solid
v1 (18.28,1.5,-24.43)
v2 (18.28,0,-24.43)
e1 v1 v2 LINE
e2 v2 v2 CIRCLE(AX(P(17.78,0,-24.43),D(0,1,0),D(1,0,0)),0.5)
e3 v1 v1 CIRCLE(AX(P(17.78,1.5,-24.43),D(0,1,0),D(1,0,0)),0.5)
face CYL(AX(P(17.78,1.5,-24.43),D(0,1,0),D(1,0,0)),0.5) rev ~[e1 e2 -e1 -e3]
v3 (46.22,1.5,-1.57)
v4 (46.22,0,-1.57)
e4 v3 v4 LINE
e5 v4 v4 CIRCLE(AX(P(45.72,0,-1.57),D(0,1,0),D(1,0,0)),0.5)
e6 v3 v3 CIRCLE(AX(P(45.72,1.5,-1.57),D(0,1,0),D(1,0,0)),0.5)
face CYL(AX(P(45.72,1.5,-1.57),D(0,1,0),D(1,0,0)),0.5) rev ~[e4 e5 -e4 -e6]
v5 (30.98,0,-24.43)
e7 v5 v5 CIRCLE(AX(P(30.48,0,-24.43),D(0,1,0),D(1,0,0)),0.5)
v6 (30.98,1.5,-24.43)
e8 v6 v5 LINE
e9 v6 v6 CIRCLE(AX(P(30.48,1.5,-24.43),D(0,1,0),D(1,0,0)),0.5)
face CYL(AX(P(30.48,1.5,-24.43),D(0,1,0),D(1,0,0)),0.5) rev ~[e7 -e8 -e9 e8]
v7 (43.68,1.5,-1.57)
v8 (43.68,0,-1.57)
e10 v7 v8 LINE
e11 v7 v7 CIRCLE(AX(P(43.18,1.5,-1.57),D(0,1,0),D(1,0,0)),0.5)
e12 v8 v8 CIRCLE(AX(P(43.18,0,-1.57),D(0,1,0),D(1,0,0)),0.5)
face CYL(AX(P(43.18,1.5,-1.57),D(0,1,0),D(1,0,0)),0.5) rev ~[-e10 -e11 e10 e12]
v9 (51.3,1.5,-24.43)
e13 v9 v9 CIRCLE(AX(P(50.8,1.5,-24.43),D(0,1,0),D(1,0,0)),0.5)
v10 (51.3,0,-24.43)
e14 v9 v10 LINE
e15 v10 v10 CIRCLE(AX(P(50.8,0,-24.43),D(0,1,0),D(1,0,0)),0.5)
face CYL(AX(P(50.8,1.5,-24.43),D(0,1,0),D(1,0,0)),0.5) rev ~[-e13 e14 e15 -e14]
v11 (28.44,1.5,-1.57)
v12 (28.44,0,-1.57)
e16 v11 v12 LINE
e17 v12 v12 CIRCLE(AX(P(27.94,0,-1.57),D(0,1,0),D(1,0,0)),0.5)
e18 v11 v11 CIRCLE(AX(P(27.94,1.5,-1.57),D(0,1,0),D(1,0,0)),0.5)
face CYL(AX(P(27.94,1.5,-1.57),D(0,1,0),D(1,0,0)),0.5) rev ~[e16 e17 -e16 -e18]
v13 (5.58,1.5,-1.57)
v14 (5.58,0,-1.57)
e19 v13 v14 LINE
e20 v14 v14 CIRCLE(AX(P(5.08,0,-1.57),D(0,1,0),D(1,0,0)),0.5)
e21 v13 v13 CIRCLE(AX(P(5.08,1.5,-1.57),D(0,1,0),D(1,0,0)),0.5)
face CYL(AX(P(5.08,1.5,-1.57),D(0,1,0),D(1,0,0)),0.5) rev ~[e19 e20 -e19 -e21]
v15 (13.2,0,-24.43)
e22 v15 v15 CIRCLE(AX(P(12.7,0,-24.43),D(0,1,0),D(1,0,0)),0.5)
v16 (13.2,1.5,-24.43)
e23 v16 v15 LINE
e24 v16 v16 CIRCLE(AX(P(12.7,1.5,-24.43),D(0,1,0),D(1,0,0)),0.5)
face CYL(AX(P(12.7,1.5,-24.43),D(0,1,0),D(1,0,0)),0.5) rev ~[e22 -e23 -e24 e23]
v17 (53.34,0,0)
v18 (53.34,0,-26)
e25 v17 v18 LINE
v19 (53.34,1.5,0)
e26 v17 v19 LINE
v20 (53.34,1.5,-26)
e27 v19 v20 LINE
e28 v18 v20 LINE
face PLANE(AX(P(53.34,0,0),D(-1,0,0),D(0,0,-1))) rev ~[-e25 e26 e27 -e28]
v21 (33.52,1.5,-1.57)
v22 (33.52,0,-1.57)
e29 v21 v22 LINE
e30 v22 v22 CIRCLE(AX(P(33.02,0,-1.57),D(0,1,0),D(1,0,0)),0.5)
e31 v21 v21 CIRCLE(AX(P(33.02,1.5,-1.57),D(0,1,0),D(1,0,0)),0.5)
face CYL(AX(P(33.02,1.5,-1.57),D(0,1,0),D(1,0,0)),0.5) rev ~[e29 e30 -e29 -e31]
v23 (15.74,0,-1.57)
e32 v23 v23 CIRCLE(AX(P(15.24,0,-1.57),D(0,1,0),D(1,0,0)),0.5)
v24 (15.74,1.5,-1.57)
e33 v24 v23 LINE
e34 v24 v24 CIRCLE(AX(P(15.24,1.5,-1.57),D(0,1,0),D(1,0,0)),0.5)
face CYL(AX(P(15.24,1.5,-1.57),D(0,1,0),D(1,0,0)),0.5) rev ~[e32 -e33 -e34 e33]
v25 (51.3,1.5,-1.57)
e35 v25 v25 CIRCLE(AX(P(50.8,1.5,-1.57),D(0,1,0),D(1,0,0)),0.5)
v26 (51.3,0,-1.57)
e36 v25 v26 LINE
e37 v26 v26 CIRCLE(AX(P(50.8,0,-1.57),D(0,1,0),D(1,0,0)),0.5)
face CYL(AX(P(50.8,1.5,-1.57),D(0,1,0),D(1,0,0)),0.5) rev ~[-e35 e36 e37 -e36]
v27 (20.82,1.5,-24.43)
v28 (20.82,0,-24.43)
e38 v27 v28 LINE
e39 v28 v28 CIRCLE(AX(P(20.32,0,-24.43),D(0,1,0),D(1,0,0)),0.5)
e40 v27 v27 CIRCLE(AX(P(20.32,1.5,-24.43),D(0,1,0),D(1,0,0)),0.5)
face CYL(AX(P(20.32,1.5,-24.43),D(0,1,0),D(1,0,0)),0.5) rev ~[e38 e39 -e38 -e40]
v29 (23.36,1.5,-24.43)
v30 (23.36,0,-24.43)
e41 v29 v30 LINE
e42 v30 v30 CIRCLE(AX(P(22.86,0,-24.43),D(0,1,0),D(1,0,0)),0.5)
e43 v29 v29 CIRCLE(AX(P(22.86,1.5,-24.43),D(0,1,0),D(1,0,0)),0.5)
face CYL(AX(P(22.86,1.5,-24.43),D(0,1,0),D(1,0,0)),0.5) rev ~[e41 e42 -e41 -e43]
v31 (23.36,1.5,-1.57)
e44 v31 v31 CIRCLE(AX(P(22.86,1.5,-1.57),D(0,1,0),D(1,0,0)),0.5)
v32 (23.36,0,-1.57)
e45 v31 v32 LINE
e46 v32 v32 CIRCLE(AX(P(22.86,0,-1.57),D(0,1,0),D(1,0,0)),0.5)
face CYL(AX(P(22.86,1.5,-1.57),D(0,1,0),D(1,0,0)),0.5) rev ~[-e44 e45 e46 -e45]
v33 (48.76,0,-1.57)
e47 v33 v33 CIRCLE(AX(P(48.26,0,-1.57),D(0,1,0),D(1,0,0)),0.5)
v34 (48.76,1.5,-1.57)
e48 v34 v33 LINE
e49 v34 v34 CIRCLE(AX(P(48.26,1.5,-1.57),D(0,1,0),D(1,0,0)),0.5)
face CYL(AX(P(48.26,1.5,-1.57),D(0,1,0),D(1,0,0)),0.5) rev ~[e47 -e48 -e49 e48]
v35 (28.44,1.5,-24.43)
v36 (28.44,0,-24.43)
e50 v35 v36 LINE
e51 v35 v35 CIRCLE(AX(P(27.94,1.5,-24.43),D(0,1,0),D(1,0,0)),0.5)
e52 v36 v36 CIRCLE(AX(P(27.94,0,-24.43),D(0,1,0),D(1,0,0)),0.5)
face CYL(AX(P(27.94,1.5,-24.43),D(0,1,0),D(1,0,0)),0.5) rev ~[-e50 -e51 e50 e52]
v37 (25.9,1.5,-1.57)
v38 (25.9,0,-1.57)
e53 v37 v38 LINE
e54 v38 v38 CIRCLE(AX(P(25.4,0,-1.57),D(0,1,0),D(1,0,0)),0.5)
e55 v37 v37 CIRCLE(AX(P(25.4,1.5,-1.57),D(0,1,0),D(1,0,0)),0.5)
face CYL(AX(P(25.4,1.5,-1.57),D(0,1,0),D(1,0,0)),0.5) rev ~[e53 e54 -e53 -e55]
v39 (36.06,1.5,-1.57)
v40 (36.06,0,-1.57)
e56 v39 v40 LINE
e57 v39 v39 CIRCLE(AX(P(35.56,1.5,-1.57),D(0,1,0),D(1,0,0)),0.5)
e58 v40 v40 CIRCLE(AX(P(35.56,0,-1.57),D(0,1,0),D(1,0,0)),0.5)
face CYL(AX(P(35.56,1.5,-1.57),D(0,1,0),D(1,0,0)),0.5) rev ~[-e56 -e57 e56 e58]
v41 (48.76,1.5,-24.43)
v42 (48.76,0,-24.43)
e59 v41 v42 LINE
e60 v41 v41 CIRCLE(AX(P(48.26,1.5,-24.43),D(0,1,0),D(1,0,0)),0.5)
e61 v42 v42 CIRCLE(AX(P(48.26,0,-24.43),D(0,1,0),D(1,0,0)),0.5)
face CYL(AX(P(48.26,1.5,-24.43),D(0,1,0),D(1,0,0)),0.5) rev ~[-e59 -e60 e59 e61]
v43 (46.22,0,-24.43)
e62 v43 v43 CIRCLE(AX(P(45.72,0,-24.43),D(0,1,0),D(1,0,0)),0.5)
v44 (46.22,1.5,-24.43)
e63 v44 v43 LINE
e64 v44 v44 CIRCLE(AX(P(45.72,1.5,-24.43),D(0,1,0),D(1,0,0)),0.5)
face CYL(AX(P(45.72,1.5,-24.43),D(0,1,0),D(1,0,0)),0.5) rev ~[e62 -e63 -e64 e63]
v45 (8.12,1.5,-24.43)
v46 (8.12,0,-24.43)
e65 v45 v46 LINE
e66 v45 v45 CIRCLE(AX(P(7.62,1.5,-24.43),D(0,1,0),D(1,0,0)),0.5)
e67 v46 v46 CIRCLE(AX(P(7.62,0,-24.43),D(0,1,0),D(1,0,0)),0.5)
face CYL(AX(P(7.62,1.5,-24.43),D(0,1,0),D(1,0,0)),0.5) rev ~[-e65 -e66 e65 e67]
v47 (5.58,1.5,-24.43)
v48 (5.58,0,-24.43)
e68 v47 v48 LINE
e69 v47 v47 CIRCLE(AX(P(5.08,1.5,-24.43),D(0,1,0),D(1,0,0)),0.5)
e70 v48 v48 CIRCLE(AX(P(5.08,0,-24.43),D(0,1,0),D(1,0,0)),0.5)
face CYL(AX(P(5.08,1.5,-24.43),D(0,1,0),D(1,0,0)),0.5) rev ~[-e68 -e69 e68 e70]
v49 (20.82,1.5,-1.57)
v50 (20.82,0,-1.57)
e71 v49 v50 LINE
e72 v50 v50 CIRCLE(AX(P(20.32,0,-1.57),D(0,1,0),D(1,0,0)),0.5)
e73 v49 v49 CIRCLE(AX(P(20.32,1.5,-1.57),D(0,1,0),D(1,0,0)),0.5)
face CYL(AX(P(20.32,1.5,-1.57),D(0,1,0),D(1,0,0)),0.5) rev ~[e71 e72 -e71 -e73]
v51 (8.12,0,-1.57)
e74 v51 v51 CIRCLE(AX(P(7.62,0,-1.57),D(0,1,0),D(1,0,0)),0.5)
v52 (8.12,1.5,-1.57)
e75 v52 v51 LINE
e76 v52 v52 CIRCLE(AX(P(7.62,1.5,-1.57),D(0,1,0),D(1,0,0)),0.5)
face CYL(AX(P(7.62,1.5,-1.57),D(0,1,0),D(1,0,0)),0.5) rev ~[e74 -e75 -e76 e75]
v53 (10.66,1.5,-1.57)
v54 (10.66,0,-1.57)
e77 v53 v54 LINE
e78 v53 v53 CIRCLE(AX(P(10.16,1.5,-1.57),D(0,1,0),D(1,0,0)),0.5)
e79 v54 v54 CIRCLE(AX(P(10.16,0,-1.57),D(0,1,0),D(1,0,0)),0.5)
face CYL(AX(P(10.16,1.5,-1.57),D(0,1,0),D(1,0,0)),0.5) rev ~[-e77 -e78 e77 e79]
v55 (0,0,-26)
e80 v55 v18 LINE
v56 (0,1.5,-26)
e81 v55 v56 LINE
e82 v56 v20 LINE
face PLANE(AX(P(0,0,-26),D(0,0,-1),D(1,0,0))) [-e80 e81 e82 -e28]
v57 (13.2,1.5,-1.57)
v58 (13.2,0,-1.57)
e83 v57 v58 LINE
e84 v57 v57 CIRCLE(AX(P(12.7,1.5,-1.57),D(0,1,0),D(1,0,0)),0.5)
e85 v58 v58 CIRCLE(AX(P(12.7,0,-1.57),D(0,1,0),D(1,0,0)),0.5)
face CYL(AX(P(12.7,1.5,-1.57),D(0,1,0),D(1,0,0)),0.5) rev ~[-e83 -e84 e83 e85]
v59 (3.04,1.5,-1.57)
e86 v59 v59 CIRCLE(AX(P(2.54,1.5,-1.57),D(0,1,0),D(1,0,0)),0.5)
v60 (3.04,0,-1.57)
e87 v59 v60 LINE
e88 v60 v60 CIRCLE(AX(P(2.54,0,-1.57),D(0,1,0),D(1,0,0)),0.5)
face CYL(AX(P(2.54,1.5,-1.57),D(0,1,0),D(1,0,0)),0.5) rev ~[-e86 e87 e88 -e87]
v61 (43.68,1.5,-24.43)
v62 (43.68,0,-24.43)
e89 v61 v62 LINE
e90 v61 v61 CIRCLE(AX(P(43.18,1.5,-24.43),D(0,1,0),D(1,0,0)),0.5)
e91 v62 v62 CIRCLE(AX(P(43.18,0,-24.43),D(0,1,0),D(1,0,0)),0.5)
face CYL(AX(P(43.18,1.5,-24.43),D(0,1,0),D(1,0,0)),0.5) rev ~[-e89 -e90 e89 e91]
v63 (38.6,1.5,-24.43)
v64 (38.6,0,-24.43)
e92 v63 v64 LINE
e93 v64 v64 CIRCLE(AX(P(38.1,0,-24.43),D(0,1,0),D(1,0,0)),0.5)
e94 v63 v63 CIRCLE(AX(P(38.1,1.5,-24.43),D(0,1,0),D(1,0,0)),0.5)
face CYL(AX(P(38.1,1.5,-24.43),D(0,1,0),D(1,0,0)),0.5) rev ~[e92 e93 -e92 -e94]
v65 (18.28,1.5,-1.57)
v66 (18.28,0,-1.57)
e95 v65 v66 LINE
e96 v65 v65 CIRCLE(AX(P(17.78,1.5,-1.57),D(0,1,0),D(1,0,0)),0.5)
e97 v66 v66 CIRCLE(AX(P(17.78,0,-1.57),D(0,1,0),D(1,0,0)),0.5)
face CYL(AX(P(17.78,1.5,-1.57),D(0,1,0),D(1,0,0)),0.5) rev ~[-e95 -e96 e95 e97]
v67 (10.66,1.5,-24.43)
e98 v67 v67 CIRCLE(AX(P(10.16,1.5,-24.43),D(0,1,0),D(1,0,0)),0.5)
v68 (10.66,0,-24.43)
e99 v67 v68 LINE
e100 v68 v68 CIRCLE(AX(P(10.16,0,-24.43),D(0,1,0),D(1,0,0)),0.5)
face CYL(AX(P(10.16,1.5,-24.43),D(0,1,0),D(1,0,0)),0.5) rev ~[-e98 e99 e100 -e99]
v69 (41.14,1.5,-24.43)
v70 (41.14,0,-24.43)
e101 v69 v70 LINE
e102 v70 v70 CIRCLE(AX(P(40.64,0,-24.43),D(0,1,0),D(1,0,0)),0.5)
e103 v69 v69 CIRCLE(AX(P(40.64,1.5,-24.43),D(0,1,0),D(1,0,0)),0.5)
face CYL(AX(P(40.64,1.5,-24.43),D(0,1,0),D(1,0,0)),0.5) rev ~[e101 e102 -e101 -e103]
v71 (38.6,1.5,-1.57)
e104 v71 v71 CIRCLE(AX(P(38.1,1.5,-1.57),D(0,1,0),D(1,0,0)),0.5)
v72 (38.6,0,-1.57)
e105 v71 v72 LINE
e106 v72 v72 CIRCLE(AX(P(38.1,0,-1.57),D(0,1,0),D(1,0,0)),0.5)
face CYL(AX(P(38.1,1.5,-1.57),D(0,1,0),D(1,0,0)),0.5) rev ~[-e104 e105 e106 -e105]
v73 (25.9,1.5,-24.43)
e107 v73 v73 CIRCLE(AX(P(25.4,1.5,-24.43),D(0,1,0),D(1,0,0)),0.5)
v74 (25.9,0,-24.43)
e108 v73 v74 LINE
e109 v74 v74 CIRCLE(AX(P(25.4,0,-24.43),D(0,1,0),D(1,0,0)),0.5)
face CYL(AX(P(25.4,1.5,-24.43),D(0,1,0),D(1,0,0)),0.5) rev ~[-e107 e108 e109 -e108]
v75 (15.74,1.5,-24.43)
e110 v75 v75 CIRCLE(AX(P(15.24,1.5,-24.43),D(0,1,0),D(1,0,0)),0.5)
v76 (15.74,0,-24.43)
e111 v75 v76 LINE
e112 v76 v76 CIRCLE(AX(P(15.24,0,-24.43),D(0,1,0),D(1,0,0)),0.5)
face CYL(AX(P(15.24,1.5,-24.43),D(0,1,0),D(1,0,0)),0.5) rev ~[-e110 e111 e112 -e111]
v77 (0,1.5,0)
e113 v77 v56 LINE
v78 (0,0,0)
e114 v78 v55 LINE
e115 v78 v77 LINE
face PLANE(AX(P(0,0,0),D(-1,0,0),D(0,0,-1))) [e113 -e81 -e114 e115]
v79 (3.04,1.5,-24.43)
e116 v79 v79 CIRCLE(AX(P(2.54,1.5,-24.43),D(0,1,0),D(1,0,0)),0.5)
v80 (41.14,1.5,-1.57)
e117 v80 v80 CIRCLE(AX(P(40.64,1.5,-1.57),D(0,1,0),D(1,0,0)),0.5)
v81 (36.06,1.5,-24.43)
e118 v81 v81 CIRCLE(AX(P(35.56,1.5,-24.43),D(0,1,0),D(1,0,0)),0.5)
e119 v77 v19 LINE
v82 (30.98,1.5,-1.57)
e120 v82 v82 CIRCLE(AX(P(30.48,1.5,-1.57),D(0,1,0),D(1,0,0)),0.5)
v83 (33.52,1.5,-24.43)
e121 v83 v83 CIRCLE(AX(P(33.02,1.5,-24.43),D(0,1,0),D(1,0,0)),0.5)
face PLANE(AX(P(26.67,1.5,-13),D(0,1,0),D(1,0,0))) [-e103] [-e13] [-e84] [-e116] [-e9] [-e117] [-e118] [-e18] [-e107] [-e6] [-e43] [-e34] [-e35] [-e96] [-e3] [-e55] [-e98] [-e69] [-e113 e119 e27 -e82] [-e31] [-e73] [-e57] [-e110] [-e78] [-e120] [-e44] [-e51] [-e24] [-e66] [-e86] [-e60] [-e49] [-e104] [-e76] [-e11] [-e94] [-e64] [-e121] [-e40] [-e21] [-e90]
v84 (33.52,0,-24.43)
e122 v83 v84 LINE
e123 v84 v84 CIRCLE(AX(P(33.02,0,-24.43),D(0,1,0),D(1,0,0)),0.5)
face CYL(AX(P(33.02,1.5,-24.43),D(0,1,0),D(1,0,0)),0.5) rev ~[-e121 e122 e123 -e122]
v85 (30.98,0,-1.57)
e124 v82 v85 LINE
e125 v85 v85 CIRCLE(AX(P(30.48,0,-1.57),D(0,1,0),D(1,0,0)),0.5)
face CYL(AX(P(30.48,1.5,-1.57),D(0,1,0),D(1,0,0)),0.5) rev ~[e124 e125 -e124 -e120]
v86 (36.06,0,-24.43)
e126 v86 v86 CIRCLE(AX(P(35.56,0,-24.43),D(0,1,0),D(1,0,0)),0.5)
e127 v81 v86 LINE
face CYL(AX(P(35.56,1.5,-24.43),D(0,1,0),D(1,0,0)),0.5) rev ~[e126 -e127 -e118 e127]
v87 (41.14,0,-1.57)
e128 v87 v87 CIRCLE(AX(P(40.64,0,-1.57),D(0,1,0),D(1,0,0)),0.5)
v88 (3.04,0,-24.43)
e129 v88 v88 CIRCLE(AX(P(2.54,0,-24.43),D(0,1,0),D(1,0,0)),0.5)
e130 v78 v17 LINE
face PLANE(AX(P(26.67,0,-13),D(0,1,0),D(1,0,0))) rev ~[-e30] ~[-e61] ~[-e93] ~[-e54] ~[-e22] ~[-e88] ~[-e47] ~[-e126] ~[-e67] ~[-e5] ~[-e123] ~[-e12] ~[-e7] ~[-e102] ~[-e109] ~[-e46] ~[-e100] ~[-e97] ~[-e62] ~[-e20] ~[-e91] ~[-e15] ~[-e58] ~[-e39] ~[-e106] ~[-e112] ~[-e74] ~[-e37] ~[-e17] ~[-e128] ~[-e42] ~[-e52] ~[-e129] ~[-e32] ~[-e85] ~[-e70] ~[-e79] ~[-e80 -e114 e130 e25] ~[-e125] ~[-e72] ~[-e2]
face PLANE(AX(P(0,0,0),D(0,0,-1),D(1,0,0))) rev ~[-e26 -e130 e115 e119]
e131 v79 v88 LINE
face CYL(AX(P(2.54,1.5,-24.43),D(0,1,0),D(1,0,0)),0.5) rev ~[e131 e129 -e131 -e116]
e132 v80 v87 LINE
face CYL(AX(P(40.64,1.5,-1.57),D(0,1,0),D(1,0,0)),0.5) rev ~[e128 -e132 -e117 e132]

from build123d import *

# Parameters (mm, degrees)
SKETCH1_W           = 53.34
SKETCH1_H           = 26
BOSS_EXTRUDE1_DEPTH = 1.5
SKETCH2_R           = 0.5
CUT_EXTRUDE1_DEPTH  = 1.5
LPATTERN1_COUNT     = 20
LPATTERN1_PITCH     = 2.54


with BuildPart() as part:
    # Sketch1 → Boss-Extrude1 (new body)
    with BuildSketch(Plane(origin=(0, 0, 0), x_dir=(1, 0, 0), z_dir=(0, 1, 0))):
        with Locations((26.67, 13)):
            Rectangle(SKETCH1_W, SKETCH1_H)
    extrude(amount=BOSS_EXTRUDE1_DEPTH)

    # Sketch2 → Cut-Extrude1 (cut)
    with BuildSketch(Plane(origin=(0, 1.5, 0), x_dir=(1, 0, 0), z_dir=(0, 1, 0))):
        with Locations((2.54, 1.57)):
            Circle(SKETCH2_R)
        with Locations((2.54, 24.43)):
            Circle(SKETCH2_R)
    cut_extrude1 = extrude(amount=-CUT_EXTRUDE1_DEPTH, mode=Mode.SUBTRACT)

    # LPattern1: Cut-Extrude1 ×20
    with Locations(*[(i * LPATTERN1_PITCH, 0, 0) for i in range(1, LPATTERN1_COUNT)]):
        add(cut_extrude1, mode=Mode.SUBTRACT)


solid = part.part
